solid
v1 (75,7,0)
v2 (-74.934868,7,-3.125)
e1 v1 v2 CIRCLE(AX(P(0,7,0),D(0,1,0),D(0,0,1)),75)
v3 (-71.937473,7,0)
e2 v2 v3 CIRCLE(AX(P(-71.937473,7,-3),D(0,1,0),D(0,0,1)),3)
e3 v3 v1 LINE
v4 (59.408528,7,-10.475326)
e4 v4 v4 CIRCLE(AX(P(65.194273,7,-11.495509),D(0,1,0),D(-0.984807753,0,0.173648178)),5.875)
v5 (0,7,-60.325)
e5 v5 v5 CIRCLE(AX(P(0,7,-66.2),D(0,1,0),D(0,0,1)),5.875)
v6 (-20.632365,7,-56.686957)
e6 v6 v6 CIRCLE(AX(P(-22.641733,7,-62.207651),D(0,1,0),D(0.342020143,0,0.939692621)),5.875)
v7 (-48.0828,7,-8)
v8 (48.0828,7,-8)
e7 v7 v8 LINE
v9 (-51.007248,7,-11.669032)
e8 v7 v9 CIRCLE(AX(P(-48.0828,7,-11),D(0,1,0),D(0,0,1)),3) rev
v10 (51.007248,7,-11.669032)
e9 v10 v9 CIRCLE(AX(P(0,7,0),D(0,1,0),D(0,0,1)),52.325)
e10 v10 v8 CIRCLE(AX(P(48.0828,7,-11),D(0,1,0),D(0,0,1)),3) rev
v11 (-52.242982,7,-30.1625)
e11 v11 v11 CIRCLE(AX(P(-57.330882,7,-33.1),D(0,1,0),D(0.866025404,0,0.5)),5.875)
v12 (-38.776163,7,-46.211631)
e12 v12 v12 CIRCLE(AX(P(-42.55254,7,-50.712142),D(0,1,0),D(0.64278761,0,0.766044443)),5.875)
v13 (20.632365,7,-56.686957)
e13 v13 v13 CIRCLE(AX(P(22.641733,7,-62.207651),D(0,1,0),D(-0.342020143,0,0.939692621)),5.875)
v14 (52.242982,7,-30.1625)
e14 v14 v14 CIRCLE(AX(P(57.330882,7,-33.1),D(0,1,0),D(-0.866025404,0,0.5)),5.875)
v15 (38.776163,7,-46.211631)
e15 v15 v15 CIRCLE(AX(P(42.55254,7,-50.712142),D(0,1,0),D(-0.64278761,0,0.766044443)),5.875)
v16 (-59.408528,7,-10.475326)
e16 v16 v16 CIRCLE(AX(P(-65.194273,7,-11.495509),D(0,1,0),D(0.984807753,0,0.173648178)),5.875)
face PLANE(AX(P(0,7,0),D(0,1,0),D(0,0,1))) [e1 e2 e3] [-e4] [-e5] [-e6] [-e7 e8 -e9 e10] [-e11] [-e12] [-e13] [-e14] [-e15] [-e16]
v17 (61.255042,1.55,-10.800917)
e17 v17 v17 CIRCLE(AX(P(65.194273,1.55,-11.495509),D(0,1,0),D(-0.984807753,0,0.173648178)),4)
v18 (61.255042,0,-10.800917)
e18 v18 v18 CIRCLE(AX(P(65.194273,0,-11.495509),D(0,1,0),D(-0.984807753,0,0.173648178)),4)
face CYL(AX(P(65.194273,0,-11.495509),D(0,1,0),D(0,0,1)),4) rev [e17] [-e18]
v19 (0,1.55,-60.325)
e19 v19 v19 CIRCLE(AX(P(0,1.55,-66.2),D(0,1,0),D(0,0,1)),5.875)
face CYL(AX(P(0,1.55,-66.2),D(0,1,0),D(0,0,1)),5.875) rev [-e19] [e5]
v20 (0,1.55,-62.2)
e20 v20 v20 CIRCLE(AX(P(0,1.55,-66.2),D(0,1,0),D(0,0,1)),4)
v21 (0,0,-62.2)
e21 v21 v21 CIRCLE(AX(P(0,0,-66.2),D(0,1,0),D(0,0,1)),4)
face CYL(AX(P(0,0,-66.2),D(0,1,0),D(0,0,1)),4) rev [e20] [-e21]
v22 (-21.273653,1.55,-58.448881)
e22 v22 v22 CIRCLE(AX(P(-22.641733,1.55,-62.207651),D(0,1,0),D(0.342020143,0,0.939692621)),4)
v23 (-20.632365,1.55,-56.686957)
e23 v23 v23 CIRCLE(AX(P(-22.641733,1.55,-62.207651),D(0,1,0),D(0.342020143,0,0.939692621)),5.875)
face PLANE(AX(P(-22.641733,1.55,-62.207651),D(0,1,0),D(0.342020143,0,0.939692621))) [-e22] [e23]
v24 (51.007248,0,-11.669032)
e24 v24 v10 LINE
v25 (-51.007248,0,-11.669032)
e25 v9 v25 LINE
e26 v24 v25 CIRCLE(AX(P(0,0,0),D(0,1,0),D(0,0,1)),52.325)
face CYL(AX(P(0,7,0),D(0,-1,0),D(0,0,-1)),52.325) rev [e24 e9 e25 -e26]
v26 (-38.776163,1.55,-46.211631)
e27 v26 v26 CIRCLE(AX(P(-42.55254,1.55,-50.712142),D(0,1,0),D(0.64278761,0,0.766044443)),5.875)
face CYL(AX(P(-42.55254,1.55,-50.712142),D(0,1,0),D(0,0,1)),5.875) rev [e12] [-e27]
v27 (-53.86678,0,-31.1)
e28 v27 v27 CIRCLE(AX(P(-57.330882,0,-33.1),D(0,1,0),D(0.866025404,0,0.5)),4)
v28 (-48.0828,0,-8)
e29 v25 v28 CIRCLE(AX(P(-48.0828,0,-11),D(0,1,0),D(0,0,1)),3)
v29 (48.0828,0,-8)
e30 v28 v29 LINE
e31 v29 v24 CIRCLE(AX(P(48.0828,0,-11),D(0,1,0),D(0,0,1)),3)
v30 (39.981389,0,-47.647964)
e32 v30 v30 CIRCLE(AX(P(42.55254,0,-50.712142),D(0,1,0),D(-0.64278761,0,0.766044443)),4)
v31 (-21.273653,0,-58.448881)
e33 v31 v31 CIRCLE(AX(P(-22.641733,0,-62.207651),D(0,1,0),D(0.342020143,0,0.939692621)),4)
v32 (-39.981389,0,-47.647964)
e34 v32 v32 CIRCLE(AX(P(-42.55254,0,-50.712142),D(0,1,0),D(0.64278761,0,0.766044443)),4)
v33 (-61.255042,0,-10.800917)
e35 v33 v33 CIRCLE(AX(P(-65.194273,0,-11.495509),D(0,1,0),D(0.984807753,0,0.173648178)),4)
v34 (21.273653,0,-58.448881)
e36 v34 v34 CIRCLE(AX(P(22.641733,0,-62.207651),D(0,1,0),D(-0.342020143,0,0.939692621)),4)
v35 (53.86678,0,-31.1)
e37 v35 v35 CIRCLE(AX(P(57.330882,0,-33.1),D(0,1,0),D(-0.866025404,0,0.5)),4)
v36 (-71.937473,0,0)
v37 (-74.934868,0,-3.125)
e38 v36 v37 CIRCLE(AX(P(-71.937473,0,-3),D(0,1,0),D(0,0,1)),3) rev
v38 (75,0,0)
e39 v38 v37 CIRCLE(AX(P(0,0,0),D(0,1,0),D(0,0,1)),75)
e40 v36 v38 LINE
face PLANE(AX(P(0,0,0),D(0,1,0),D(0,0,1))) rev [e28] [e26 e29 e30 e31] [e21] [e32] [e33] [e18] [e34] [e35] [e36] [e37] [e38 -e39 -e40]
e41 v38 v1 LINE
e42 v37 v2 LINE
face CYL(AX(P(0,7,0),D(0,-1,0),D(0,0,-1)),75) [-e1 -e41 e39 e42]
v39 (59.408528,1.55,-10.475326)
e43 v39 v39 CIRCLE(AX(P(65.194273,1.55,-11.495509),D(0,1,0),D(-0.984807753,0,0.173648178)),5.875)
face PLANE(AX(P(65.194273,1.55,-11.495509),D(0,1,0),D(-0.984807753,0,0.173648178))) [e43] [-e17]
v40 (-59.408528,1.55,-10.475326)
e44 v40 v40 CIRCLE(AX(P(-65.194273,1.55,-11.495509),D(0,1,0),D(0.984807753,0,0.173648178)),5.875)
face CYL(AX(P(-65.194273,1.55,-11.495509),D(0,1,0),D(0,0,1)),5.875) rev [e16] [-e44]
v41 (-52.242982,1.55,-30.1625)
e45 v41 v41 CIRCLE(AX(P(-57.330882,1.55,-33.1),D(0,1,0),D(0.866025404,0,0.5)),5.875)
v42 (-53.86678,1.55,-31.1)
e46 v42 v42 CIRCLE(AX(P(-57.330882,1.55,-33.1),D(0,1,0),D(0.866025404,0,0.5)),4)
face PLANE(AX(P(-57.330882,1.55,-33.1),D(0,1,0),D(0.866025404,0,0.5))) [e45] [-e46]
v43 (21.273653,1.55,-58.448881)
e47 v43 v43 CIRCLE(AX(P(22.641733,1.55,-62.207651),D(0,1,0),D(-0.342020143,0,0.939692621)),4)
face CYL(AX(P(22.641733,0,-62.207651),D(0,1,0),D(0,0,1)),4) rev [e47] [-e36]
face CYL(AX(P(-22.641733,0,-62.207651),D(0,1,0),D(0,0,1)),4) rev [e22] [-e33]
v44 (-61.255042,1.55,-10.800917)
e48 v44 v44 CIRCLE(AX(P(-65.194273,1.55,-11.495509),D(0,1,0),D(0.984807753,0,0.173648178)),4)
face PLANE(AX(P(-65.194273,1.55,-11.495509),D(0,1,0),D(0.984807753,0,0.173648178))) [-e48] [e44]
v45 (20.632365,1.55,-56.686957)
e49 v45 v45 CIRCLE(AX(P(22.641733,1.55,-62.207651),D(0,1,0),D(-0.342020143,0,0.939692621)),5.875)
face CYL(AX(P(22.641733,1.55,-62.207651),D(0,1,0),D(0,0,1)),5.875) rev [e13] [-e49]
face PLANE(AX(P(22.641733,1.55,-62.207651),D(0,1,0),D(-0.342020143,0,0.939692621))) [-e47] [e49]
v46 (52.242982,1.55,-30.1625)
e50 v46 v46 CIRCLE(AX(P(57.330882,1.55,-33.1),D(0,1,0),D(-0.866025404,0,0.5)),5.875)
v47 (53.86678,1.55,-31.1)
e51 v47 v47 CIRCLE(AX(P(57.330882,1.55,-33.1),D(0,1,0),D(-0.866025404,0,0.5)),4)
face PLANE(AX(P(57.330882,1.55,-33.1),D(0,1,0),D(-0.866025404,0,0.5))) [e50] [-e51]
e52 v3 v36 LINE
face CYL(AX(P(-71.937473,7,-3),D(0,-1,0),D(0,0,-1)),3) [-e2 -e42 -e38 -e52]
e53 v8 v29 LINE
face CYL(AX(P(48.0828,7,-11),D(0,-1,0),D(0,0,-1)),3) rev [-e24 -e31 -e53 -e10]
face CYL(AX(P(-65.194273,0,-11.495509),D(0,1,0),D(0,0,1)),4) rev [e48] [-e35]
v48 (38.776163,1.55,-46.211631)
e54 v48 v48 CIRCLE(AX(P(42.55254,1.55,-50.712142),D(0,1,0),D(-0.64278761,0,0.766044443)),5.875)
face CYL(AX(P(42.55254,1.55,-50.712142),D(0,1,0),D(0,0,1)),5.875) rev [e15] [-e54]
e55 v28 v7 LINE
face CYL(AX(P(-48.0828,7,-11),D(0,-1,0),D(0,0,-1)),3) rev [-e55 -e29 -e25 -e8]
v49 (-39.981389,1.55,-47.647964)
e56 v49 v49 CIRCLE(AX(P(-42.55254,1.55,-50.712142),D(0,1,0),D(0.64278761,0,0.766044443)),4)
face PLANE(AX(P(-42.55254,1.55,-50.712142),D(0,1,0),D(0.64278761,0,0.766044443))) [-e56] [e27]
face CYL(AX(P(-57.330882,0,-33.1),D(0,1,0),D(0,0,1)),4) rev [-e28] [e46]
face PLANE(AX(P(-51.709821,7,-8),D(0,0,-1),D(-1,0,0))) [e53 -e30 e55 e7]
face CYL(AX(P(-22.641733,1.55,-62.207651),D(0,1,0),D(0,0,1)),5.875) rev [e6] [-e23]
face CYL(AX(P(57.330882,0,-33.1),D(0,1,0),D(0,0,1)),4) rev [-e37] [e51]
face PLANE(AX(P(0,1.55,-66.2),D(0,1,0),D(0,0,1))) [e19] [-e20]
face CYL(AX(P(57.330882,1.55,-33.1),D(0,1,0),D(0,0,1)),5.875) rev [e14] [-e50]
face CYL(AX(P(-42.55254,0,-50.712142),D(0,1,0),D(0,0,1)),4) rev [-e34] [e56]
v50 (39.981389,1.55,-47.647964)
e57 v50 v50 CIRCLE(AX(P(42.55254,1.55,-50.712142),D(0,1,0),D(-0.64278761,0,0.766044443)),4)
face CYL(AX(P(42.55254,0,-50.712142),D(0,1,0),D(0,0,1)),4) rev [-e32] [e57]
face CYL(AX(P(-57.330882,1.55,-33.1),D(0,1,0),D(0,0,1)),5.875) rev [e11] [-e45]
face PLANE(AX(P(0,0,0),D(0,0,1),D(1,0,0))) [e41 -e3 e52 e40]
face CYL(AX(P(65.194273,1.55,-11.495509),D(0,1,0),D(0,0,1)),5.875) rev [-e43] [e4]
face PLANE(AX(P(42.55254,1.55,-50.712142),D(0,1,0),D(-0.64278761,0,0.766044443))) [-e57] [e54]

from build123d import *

# Parameters (mm, degrees)
SKETCH1_R           = 75
BOSS_EXTRUDE1_DEPTH = 7
SKETCH2_R           = 5.875
CUT_EXTRUDE1_DEPTH  = 5.45
SKETCH3_R           = 4
CUT_EXTRUDE2_DEPTH  = 2.55
CIRPATTERN1_COUNT   = 18
FILLET1_R           = 3


with BuildPart() as part:
    # Sketch1 → Boss-Extrude1 (new body)
    with BuildSketch(Plane(origin=(0, 0, 0), x_dir=(1, 0, 0), z_dir=(0, 1, 0))):
        Circle(SKETCH1_R)
        with BuildLine():
            Line((-51.709821359, 8), (51.709821359, 8))
            ThreePointArc((51.709821359, 8), (0, 52.325), (-51.709821359, 8))
        make_face(mode=Mode.SUBTRACT)
    extrude(amount=BOSS_EXTRUDE1_DEPTH)

    # Sketch2 → Cut-Extrude1 (cut)
    with BuildSketch(Plane(origin=(0, 7, 0), x_dir=(1, 0, 0), z_dir=(0, 1, 0))):
        with Locations((0, 66.2)):
            Circle(SKETCH2_R)
    cut_extrude1 = extrude(amount=-CUT_EXTRUDE1_DEPTH, mode=Mode.SUBTRACT)

    # Sketch3 → Cut-Extrude2 (cut, through all)
    with BuildSketch(Plane(origin=(0, 1.55, 0), x_dir=(1, 0, 0), z_dir=(0, 1, 0))):
        with Locations((0, 66.2)):
            Circle(SKETCH3_R)
    cut_extrude2 = extrude(amount=-CUT_EXTRUDE2_DEPTH, mode=Mode.SUBTRACT)

    # CirPattern1: Cut-Extrude1, Cut-Extrude2 ×18 about axis
    cirpattern1_axis = Axis((0, 0, 0), (0, 1, 0))
    for i in range(1, CIRPATTERN1_COUNT):
        add(cut_extrude1.rotate(cirpattern1_axis, i * 360 / CIRPATTERN1_COUNT), mode=Mode.SUBTRACT)
        add(cut_extrude2.rotate(cirpattern1_axis, i * 360 / CIRPATTERN1_COUNT), mode=Mode.SUBTRACT)

    # Split1
    split(bisect_by=Plane.XY, keep=Keep.BOTTOM)

    # Fillet1
    fillet1_edges = [part.edges().sort_by_distance(p)[0] for p in [
        (51.709821359, 3.5, -8),
        (-51.709821359, 3.5, -8),
        (-75, 3.5, 0),
    ]]
    fillet(fillet1_edges, radius=FILLET1_R)


solid = part.part
